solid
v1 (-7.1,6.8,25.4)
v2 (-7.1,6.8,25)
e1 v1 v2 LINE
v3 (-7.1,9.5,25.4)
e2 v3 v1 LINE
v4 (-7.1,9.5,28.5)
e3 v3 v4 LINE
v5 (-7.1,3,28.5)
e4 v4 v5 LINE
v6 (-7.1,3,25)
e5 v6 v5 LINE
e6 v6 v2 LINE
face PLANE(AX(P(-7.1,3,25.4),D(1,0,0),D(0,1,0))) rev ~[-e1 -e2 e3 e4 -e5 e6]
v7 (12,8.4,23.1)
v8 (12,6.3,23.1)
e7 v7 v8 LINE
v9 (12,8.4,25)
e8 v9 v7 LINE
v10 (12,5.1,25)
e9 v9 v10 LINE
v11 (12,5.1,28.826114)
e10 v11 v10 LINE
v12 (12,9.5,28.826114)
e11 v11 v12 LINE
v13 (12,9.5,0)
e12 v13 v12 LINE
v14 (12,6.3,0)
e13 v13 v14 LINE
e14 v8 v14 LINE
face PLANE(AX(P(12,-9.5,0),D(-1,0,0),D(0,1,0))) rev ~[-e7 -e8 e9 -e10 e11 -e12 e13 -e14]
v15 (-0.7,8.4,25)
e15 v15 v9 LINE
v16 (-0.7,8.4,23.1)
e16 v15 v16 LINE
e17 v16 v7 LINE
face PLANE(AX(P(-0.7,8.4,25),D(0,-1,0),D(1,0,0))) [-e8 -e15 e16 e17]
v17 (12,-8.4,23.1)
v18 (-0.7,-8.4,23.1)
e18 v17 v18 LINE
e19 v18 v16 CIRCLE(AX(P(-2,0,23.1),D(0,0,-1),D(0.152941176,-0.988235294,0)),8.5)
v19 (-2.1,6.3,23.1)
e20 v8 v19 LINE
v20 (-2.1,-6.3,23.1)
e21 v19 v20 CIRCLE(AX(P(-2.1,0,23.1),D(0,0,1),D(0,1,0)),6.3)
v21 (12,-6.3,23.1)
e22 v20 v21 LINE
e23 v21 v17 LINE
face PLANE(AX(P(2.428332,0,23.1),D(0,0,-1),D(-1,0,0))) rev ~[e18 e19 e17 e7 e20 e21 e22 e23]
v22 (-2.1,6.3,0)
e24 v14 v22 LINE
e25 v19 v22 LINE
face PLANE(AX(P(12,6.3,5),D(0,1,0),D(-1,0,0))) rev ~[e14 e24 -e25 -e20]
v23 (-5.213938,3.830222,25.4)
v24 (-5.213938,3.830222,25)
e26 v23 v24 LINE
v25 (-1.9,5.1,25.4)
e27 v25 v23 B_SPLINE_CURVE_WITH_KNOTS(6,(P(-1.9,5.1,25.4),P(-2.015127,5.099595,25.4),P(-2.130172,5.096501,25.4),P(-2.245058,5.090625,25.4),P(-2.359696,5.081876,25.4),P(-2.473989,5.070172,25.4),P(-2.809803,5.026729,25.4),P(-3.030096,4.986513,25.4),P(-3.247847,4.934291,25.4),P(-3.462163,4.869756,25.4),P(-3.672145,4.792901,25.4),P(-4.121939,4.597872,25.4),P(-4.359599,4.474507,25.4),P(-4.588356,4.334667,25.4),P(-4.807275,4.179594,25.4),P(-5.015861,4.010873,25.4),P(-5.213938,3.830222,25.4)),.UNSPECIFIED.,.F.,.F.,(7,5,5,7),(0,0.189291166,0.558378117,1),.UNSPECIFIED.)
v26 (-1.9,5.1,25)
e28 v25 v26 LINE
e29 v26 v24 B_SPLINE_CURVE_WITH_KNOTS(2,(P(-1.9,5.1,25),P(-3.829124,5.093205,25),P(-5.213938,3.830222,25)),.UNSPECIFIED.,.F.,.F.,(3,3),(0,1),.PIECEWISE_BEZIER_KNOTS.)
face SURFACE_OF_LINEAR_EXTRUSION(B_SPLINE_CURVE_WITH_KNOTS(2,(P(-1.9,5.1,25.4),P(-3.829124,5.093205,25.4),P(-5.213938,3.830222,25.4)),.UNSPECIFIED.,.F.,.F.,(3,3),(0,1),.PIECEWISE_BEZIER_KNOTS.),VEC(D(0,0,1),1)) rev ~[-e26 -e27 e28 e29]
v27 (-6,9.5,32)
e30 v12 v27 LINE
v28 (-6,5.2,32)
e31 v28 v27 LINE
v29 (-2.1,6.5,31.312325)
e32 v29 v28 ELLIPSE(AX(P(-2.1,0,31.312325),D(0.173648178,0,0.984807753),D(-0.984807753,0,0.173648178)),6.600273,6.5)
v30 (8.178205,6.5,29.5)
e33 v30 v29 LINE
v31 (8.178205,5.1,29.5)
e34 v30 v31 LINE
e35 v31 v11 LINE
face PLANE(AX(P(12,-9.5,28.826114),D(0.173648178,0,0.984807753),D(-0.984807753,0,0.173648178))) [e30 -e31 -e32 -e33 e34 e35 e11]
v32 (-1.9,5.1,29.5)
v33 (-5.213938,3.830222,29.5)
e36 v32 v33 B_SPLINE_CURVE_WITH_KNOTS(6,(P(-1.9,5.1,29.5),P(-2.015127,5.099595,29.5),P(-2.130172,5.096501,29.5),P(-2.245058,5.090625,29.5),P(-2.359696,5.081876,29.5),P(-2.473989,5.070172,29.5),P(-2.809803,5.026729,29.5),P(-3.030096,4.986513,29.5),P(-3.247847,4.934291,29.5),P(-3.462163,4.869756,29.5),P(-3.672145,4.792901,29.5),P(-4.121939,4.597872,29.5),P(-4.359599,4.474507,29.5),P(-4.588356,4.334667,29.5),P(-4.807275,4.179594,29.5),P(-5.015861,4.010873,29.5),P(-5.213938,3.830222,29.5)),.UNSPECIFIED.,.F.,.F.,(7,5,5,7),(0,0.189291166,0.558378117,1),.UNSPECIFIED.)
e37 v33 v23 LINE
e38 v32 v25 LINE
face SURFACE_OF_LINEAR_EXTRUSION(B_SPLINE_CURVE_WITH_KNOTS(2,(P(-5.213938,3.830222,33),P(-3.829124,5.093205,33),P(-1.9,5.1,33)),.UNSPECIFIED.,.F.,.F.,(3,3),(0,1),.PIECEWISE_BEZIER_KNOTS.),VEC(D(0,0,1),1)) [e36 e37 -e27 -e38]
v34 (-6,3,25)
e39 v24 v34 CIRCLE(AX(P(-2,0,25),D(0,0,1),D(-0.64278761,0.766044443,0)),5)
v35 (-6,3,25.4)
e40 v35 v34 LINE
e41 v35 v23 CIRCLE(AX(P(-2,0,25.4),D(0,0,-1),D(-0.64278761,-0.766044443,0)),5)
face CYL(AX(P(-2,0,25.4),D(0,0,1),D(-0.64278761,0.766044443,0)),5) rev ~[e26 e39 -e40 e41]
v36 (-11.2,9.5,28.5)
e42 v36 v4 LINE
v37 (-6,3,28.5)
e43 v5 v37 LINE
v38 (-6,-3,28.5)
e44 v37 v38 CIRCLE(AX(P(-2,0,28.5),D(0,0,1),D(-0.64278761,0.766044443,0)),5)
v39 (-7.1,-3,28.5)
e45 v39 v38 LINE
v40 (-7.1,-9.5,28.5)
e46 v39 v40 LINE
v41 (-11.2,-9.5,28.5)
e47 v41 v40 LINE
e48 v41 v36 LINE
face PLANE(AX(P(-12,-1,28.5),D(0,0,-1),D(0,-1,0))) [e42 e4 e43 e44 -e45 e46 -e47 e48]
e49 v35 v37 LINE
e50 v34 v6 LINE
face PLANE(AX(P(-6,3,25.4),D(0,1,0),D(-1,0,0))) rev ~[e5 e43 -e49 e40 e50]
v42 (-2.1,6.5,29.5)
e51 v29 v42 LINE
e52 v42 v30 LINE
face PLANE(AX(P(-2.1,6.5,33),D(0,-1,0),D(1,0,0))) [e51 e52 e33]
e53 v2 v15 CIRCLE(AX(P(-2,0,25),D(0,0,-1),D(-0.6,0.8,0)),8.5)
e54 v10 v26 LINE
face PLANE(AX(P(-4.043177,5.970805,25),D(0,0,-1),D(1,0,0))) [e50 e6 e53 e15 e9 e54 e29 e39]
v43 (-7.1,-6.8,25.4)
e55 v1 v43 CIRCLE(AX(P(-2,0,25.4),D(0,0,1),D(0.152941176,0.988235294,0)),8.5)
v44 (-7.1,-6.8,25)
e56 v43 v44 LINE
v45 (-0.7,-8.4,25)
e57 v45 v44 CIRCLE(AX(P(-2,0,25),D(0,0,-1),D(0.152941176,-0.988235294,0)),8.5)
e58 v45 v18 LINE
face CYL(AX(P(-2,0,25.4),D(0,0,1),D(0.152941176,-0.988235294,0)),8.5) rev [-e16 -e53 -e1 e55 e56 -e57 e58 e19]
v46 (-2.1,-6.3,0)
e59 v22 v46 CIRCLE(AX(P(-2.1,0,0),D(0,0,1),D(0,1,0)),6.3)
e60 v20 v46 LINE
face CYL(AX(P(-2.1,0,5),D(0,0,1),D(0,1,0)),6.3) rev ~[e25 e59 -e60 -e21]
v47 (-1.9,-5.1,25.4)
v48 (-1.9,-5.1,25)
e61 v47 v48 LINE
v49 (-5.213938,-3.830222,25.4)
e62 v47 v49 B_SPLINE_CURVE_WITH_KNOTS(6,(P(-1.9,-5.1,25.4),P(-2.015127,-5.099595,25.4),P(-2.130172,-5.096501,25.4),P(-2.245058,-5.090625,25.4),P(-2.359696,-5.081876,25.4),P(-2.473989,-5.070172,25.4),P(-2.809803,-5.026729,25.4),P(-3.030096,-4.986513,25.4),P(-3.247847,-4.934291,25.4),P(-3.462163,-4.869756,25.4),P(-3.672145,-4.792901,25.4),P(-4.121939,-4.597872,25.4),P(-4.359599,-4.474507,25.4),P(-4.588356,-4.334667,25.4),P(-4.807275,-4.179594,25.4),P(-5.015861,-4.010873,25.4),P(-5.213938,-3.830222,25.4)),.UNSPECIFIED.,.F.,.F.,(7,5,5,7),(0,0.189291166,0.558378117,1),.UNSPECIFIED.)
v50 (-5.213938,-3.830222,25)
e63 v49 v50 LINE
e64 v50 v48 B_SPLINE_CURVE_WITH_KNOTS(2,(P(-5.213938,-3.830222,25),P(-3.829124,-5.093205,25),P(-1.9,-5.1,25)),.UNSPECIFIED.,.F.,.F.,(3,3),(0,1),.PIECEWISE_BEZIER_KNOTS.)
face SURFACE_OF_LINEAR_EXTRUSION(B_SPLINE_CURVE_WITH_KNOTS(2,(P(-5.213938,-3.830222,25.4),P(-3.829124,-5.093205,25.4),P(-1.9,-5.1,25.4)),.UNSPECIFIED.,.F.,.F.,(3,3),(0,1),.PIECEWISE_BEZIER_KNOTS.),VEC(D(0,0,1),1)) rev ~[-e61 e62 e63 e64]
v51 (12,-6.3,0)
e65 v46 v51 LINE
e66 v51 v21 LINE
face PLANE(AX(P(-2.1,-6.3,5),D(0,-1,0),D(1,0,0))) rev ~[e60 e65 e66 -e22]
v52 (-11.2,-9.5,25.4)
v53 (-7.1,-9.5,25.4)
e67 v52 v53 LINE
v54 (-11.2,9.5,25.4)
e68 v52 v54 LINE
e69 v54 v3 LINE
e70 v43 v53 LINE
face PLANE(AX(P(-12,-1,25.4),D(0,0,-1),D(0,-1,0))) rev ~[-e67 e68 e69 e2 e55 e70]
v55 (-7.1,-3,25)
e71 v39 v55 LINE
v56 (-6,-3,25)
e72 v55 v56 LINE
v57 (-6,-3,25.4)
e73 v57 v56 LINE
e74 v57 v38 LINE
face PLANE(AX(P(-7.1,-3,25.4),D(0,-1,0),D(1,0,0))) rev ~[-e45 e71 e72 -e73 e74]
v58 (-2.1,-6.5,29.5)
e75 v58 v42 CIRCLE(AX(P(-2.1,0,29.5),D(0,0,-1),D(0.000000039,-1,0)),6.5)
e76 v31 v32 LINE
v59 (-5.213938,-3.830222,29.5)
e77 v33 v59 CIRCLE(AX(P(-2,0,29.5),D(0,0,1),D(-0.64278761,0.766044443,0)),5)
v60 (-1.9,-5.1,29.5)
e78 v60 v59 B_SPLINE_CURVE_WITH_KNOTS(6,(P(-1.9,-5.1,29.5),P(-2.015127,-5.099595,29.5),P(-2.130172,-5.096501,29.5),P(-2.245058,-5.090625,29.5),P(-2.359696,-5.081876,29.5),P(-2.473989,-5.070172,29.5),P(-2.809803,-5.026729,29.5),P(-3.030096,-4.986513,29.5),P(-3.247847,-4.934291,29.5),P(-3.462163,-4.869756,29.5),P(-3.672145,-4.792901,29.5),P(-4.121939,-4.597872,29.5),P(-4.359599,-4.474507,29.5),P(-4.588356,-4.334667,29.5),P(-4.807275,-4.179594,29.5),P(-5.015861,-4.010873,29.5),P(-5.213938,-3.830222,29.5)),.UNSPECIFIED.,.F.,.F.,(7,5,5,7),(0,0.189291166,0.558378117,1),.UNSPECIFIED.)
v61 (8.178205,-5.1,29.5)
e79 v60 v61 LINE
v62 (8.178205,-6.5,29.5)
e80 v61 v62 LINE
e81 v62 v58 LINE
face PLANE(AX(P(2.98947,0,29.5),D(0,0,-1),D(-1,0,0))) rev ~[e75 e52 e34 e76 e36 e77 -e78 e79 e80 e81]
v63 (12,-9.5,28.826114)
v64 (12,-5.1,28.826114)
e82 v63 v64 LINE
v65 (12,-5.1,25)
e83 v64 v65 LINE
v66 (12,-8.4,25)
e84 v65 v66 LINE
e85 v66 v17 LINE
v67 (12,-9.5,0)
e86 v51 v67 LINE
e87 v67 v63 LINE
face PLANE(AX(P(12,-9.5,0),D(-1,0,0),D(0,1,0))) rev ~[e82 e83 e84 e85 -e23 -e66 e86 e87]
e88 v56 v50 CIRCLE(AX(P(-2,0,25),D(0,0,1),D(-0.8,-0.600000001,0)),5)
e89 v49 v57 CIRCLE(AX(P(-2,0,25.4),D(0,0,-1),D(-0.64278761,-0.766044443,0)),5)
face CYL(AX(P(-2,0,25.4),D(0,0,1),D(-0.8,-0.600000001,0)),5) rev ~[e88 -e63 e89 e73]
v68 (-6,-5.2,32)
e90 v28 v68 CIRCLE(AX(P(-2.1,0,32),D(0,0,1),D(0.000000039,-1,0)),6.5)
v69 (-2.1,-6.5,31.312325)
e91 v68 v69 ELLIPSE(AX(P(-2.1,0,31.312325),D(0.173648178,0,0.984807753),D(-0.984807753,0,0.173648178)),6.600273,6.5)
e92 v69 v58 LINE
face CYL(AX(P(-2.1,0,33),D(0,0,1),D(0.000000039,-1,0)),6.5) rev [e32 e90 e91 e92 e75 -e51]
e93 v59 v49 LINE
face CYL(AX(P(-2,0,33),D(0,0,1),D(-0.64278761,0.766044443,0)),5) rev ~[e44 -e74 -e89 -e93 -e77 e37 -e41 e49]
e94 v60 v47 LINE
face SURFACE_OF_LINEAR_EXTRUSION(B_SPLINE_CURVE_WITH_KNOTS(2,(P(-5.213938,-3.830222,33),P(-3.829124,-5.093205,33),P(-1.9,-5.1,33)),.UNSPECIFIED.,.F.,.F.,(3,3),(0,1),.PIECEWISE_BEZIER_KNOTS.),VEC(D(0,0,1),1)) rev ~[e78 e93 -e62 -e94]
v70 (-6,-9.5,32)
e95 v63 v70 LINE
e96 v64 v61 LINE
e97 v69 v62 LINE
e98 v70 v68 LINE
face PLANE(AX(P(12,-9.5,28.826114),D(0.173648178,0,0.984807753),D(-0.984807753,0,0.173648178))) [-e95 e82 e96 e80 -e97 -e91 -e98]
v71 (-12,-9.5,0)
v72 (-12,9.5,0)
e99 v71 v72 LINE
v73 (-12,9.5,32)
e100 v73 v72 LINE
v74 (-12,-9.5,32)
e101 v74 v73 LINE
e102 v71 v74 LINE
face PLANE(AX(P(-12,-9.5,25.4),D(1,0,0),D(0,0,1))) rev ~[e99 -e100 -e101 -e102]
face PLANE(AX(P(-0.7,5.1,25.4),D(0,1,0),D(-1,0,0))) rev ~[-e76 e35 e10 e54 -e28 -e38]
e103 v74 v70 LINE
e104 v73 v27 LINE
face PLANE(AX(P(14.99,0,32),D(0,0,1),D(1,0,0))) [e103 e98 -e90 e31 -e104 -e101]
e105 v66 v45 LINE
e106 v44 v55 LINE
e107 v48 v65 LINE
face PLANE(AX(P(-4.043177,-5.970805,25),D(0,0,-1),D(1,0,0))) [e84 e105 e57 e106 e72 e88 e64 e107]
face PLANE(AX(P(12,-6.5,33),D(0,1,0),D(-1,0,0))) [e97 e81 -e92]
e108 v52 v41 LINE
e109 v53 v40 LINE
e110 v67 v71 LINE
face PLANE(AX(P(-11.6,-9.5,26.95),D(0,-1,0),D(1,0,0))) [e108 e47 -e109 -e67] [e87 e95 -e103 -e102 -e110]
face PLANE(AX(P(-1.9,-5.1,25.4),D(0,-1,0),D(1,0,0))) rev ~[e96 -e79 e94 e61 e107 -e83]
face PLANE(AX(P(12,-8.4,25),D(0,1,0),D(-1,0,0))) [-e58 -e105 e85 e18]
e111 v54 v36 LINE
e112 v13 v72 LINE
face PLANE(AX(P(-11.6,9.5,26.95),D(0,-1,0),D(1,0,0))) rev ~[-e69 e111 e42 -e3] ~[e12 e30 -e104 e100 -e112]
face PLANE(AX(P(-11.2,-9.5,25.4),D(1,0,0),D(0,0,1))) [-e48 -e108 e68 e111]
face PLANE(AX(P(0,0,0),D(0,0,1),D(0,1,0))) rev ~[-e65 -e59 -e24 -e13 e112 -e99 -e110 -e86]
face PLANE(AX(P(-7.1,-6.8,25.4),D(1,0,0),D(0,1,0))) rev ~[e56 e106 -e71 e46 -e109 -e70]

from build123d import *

# Parameters (mm, degrees)
SKETCH_1_24X19_W         = 19
SKETCH_1_24X19_H         = 24
EXTRUDE_1_33_DEPTH       = 33
CUT_EXTRUDE_2_REACH      = 38.377
CUT_EXTRUDE_4_2_DEPTH    = 1.9
CUT_EXTRUDE_6_3_REACH    = 29.71
SKETCH_7_5_W             = 24
SKETCH_7_5_H             = 19
EXTRUDE_7_DEPTH          = 5
CUT_EXTRUDE_10_4_REACH   = 41.925
SKETCH_11_W              = 8.5
SKETCH_11_H              = 3.1
CUT_EXTRUDE_11_5_DEPTH   = 4.9
SKETCH_11D1_W            = 6
SKETCH_11D1_H            = 3.1
CUT_EXTRUDE_11D1_6_DEPTH = 10
CUT_EXTRUDE_12_9_REACH   = 31.655
CUT_EXTRUDE_11_DEPTH     = 3.5
SKETCH_5902_W            = 53.98
SKETCH_5902_H            = 19
CUT_EXTRUDE_12_DEPTH     = 1
CUT_EXTRUDE_13_DEPTH     = 40.102429623
CUT_EXTRUDE_15_REACH     = 33.036
SKETCH_5020_R            = 3.5
EXTRUDE_2_DEPTH          = 0.4
SKETCH_7444_W            = 0.8
SKETCH_7444_H            = 3.1
EXTRUDE_3_DEPTH          = 19
CUT_EXTRUDE_16_DEPTH     = 32.036269144


with BuildPart() as part:
    # 1底部方形_24x19 → 1凸台-拉伸_高33 (new body)
    with BuildSketch(Plane(origin=(0, 0, 0), x_dir=(0, 1, 0), z_dir=(0, 0, 1))):
        Rectangle(SKETCH_1_24X19_W, SKETCH_1_24X19_H)
    extrude(amount=EXTRUDE_1_33_DEPTH)

    # 2吸嘴停靠渐变槽 → 2切除-拉伸 (cut, up to next)
    with BuildSketch(Plane.XY.offset(33), mode=Mode.PRIVATE) as cut_extrude_2_sk1:
        with BuildLine():
            Line((12, -5.1), (12, 5.1))
            Line((12, 5.1), (-1.9, 5.1))
            add(Edge.make_bspline(
                [(-5.213938048, 3.830222216), (-3.829124073, 5.093205317), (-1.9, 5.1)],
                knots=[0, 0, 0, 1, 1, 1], degree=2))
            ThreePointArc((-5.213938048, 3.830222216), (-7, 0), (-5.213938048, -3.830222216))
            add(Edge.make_bspline(
                [(-5.213938048, -3.830222216), (-3.829124073, -5.093205317), (-1.9, -5.1)],
                knots=[0, 0, 0, 1, 1, 1], degree=2))
            Line((-1.9, -5.1), (12, -5.1))
        make_face()
    cut_extrude_2_tool1 = extrude(cut_extrude_2_sk1.sketch, amount=-CUT_EXTRUDE_2_REACH, mode=Mode.PRIVATE) & part.part
    add(cut_extrude_2_tool1.solids().sort_by_distance((3.017719, 0, 33))[0], mode=Mode.SUBTRACT)

    # 4反光板停靠槽 → 4切除-拉伸2 (cut)
    with BuildSketch(Plane.XY.offset(25)):
        with BuildLine():
            Line((-0.7, 8.4), (12, 8.4))
            Line((12, 8.4), (12, -8.4))
            Line((12, -8.4), (-0.7, -8.4))
            ThreePointArc((-0.7, -8.4), (-10.5, 0), (-0.7, 8.4))
        make_face()
    extrude(amount=-CUT_EXTRUDE_4_2_DEPTH, mode=Mode.SUBTRACT)

    # 6反光板小圆柱 → 6切除-拉伸3 (cut, up to next)
    with BuildSketch(Plane.XY.offset(23.1), mode=Mode.PRIVATE) as cut_extrude_6_3_sk1:
        with BuildLine():
            Line((-2.1, -6.3), (12, -6.3))
            Line((12, -6.3), (12, 6.3))
            Line((12, 6.3), (-2.1, 6.3))
            ThreePointArc((-2.1, 6.3), (-8.4, 0), (-2.1, -6.3))
        make_face()
    cut_extrude_6_3_tool1 = extrude(cut_extrude_6_3_sk1.sketch, amount=-CUT_EXTRUDE_6_3_REACH, mode=Mode.PRIVATE) & part.part
    add(cut_extrude_6_3_tool1.solids().sort_by_distance((2.424095, 0, 23.1))[0], mode=Mode.SUBTRACT)

    # 7草图5 → 7凸台-拉伸_底板厚度 (add)
    with BuildSketch(Plane(origin=(0, 0, 0), x_dir=(1, 0, 0), z_dir=(0, 0, -1))):
        Rectangle(SKETCH_7_5_W, SKETCH_7_5_H)
    extrude(amount=-EXTRUDE_7_DEPTH)

    # 10切除-拉伸4: up to this face of the body (flat: up to its plane)
    cut_extrude_10_4_end = Plane(part.part.faces().sort_by_distance((0, -9.5, 16.5))[0])
    # Sketch 10 → 10切除-拉伸4 (cut, up to the picked face)
    with BuildSketch(Plane(origin=(0, 9.5, 0), x_dir=(-1, 0, 0), z_dir=(0, 1, 0)), mode=Mode.PRIVATE) as cut_extrude_10_4_sk1:
        Polygon((-12, 31.162738066), (-12, 33), (9, 33), align=None)
    cut_extrude_10_4_tool1 = split(extrude(cut_extrude_10_4_sk1.sketch, amount=-CUT_EXTRUDE_10_4_REACH, mode=Mode.PRIVATE), bisect_by=cut_extrude_10_4_end, keep=Keep.BOTH, mode=Mode.PRIVATE)
    add(cut_extrude_10_4_tool1.solids().sort_by(Axis((5, 9.5, 32.387579), (0, -1, 0)))[0], mode=Mode.SUBTRACT)

    # Sketch 11 → 11切除-拉伸5 (cut)
    with BuildSketch(Plane(origin=(-12, 0, 0), x_dir=(0, -1, 0), z_dir=(-1, 0, 0))):
        with Locations((-5.25, 26.95)):
            Rectangle(SKETCH_11_W, SKETCH_11_H)
        with Locations((5.25, 26.95)):
            Rectangle(SKETCH_11_W, SKETCH_11_H)
    extrude(amount=-CUT_EXTRUDE_11_5_DEPTH, mode=Mode.SUBTRACT)

    # 11d1_磁铁开窗 → 11d1切除-拉伸6 (cut)
    with BuildSketch(Plane(origin=(-12, 0, 0), x_dir=(0, -1, 0), z_dir=(-1, 0, 0))):
        with Locations((0, 26.95)):
            Rectangle(SKETCH_11D1_W, SKETCH_11D1_H)
    extrude(amount=-CUT_EXTRUDE_11D1_6_DEPTH, mode=Mode.SUBTRACT)

    # 12切除薄壁 → 12切除-拉伸9 (cut, up to next)
    with BuildSketch(Plane.XY.offset(25.4), mode=Mode.PRIVATE) as cut_extrude_12_9_sk1:
        with BuildLine():
            Line((-0.7, 8.4), (-0.7, -8.4))
            ThreePointArc((-0.7, -8.4), (-10.5, 0), (-0.7, 8.4))
        make_face()
    cut_extrude_12_9_tool1 = extrude(cut_extrude_12_9_sk1.sketch, amount=-CUT_EXTRUDE_12_9_REACH, mode=Mode.PRIVATE) & part.part
    add(cut_extrude_12_9_tool1.solids().sort_by_distance((-4.916056, 0, 25.4))[0], mode=Mode.SUBTRACT)

    # Sketch 5392 → 切除-拉伸11 (cut)
    with BuildSketch(Plane.XY.offset(33)):
        with BuildLine():
            Line((-2.099999748, 6.5), (12, 6.5))
            Line((12, 6.5), (12, -6.5))
            Line((12, -6.5), (-2.099999748, -6.5))
            ThreePointArc((-2.099999748, -6.5), (-8.6, 0), (-2.099999748, 6.5))
        make_face()
    extrude(amount=-CUT_EXTRUDE_11_DEPTH, mode=Mode.SUBTRACT)

    # Sketch 5902 → 切除-拉伸12 (cut)
    with BuildSketch(Plane.XY.offset(33)):
        with Locations((14.99, 0)):
            Rectangle(SKETCH_5902_W, SKETCH_5902_H)
    extrude(amount=-CUT_EXTRUDE_12_DEPTH, mode=Mode.SUBTRACT)

    # Sketch 6207 → 切除-拉伸13 (cut, through all)
    with BuildSketch(Plane.XZ.offset(9.5)):
        Polygon((2.430052303, 32), (12, 31.162738066), (12, 28.826114347), (-6, 32), align=None)
    extrude(amount=-CUT_EXTRUDE_13_DEPTH, mode=Mode.SUBTRACT)

    # Sketch 5020 → 切除-拉伸15 (cut, up to next)
    with BuildSketch(Plane.XY.offset(5), mode=Mode.PRIVATE) as cut_extrude_15_sk1:
        with Locations((2, 0)):
            Circle(SKETCH_5020_R)
    cut_extrude_15_tool1 = extrude(cut_extrude_15_sk1.sketch, amount=-CUT_EXTRUDE_15_REACH, mode=Mode.PRIVATE) & part.part
    add(cut_extrude_15_tool1.solids().sort_by_distance((2, 0, 5))[0], mode=Mode.SUBTRACT)

    # Sketch 6982 → 凸台-拉伸2 (add)
    with BuildSketch(Plane(origin=(0, 0, 25.4), x_dir=(1, 0, 0), z_dir=(0, 0, -1))):
        with BuildLine():
            Line((-7.1, -3), (-7.1, -6.8))
            ThreePointArc((-7.1, -6.8), (-4.061552813, -8.246211251), (-0.7, -8.4))
            Line((-0.7, -8.4), (-0.7, -5.1))
            Line((-0.7, -5.1), (-1.9, -5.1))
            add(Edge.make_bspline(
                [(-1.9, -5.1), (-3.829124073, -5.093205317), (-5.213938048, -3.830222216)],
                knots=[0, 0, 0, 1, 1, 1], degree=2))
            ThreePointArc((-5.213938048, -3.830222216), (-5.630777158, -3.437652866), (-6, -3))
            Line((-6, -3), (-7.1, -3))
        make_face()
        with BuildLine():
            Line((-7.1, 3), (-6, 3))
            ThreePointArc((-6, 3), (-5.630777158, 3.437652866), (-5.213938048, 3.830222216))
            add(Edge.make_bspline(
                [(-5.213938048, 3.830222216), (-3.829124073, 5.093205317), (-1.9, 5.1)],
                knots=[0, 0, 0, 1, 1, 1], degree=2))
            Line((-1.9, 5.1), (-0.7, 5.1))
            Line((-0.7, 5.1), (-0.7, 8.4))
            ThreePointArc((-0.7, 8.4), (-4.061552813, 8.246211251), (-7.1, 6.8))
            Line((-7.1, 6.8), (-7.1, 3))
        make_face()
    extrude(amount=EXTRUDE_2_DEPTH)

    # Sketch 7444 → 凸台-拉伸3 (add)
    with BuildSketch(Plane.XZ.offset(9.5)):
        with Locations((-11.6, 26.95)):
            Rectangle(SKETCH_7444_W, SKETCH_7444_H)
    extrude(amount=-EXTRUDE_3_DEPTH)

    # 草图13 → 切除-拉伸16 (cut, through all)
    with BuildSketch(Plane.XY.offset(5)):
        with BuildLine():
            Line((-2.1, -6.3), (12, -6.3))
            Line((12, -6.3), (12, 6.3))
            Line((12, 6.3), (-2.1, 6.3))
            ThreePointArc((-2.1, 6.3), (-8.4, 0), (-2.1, -6.3))
        make_face()
    extrude(amount=-CUT_EXTRUDE_16_DEPTH, mode=Mode.SUBTRACT)


solid = part.part
